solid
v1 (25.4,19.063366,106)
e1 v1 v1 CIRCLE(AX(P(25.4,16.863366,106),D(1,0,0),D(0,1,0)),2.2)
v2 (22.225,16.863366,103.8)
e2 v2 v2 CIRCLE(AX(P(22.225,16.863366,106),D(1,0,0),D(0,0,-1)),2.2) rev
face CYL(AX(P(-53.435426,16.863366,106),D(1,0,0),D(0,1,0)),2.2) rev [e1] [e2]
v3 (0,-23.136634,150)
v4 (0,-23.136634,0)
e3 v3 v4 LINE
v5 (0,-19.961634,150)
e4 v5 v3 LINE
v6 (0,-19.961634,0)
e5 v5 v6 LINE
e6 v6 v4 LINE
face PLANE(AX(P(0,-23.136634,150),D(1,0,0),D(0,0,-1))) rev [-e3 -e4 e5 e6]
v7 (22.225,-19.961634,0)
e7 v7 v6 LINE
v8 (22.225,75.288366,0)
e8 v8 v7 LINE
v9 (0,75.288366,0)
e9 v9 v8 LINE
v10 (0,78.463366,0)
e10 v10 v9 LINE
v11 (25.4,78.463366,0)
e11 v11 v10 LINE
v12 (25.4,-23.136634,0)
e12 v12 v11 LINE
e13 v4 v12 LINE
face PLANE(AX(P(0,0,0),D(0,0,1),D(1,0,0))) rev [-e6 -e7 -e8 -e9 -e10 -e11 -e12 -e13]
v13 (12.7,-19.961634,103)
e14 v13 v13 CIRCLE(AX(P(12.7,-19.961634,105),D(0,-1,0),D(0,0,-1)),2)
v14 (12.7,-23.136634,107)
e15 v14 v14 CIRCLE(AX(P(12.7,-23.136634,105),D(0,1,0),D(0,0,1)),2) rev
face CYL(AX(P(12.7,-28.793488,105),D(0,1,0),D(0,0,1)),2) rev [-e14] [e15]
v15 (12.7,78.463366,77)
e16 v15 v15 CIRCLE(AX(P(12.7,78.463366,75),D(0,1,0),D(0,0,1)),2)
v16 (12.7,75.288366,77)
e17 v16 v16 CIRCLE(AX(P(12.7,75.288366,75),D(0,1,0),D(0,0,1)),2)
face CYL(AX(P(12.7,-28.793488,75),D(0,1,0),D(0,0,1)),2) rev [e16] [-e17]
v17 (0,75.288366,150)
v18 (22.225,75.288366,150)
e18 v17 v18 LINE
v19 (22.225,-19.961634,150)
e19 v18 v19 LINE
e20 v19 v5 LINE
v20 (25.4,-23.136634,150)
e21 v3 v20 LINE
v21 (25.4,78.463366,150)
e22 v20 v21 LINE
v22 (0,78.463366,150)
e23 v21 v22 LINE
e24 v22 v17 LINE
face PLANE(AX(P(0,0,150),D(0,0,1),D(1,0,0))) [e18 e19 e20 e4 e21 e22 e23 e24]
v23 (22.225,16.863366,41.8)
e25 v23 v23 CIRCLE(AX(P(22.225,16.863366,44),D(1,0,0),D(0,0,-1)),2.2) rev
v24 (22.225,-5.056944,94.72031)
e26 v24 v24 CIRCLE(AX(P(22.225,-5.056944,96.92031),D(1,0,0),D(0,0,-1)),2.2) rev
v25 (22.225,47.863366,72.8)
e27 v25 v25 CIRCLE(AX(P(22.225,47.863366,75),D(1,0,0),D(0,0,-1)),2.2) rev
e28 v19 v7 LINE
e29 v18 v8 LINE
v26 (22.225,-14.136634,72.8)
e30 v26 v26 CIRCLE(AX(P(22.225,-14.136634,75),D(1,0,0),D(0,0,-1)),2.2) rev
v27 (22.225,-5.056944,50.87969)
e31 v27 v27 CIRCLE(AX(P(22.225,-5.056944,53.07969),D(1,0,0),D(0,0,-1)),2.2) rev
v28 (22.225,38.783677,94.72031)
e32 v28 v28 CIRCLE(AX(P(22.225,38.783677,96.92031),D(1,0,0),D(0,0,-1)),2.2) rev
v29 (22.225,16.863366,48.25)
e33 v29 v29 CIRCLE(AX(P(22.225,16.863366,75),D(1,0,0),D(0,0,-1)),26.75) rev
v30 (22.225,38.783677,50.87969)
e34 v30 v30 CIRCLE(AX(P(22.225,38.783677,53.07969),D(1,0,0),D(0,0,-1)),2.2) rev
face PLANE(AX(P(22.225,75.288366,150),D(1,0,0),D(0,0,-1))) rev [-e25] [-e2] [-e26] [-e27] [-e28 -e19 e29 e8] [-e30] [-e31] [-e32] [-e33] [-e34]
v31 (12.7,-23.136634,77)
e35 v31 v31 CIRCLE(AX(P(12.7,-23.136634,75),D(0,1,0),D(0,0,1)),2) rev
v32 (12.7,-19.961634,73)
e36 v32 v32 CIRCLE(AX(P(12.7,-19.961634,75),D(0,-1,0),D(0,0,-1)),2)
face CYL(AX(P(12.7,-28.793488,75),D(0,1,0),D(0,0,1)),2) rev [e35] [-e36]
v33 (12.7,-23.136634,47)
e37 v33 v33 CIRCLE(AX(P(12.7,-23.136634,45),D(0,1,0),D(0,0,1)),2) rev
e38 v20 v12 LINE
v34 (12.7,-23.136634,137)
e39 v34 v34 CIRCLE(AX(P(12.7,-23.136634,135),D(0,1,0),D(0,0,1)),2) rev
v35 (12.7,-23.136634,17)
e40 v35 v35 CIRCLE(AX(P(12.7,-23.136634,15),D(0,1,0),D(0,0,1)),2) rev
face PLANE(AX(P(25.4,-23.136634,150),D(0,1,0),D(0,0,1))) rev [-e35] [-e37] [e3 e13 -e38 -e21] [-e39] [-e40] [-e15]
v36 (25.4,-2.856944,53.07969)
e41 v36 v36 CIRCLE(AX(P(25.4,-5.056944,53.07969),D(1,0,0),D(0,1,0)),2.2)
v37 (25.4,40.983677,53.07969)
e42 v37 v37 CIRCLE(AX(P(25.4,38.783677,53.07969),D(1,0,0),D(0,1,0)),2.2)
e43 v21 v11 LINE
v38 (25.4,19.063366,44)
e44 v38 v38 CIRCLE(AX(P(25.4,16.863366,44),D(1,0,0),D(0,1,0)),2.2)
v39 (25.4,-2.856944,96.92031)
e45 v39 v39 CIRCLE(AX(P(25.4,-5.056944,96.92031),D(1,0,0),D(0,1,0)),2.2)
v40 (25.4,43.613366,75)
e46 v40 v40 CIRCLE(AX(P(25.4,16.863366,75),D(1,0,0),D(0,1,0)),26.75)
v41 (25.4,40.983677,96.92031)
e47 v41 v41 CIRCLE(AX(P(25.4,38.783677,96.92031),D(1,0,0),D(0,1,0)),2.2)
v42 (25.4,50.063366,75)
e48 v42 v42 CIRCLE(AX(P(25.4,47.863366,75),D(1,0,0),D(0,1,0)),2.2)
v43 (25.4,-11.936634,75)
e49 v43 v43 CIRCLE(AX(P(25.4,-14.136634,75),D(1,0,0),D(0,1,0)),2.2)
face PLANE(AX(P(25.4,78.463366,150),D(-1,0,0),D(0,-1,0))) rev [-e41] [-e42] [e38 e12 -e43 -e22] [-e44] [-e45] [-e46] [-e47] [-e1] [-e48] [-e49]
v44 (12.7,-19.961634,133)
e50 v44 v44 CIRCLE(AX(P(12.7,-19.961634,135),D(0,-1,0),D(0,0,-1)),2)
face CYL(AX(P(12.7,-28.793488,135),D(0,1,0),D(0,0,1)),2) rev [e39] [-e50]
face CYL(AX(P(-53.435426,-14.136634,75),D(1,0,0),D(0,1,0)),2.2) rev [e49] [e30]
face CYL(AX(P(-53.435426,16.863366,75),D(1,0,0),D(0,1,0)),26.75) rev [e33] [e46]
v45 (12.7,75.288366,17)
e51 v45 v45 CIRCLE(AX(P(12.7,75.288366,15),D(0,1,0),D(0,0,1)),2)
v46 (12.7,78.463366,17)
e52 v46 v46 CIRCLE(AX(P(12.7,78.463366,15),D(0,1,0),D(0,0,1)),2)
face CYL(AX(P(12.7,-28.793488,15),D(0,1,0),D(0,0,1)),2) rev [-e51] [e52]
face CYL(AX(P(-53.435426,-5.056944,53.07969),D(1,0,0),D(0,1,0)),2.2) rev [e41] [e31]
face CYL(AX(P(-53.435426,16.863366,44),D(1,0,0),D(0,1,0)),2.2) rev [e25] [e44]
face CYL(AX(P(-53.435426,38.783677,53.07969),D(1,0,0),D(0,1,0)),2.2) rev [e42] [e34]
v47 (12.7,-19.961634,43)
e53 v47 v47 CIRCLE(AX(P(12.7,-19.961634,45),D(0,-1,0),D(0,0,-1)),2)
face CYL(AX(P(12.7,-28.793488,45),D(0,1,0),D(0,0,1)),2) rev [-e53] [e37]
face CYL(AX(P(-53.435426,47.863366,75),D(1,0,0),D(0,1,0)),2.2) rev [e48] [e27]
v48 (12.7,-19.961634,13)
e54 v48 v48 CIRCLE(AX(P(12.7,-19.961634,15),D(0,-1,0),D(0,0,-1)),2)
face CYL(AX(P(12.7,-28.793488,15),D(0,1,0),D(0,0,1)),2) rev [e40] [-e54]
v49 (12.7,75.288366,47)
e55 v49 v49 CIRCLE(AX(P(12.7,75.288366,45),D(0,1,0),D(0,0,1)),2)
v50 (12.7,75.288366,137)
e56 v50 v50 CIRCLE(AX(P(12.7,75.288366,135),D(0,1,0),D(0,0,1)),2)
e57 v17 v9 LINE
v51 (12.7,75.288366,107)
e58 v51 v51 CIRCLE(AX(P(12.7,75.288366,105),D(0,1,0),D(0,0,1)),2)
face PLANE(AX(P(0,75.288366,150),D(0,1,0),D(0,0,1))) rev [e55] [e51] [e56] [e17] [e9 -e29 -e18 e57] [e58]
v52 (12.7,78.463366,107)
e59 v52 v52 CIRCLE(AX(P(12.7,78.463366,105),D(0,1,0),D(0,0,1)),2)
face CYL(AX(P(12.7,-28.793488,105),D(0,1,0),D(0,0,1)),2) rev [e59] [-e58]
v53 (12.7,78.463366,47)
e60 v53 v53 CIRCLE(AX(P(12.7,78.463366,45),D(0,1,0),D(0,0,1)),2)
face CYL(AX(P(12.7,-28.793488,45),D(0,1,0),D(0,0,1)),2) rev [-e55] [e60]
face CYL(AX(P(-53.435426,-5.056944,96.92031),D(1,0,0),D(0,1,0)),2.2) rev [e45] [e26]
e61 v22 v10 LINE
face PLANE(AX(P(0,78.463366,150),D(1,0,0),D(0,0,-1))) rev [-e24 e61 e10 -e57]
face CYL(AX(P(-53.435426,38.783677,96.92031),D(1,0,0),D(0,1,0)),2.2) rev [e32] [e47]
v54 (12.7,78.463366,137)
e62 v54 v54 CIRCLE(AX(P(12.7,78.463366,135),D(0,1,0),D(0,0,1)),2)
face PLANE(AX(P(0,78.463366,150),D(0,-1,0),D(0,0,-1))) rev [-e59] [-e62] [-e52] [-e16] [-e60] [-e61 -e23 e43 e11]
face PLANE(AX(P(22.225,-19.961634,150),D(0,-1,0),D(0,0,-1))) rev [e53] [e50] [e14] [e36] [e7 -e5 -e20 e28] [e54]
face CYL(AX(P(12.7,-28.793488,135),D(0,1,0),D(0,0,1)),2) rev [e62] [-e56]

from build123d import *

# Parameters (mm, degrees)
BOSS_EXTRUDE1_DEPTH = 150
SKETCH2_R           = 26.75
SKETCH2_R_2         = 2.2
CUT_EXTRUDE1_DEPTH  = 3.175
CUT_EXTRUDE2_REACH  = 184.942
SKETCH3_R           = 2


with BuildPart() as part:
    # Sketch1 → Boss-Extrude1 (new body)
    with BuildSketch(Plane.XY):
        Polygon((0, 78.463366337), (25.4, 78.463366337), (25.4, -23.136633663), (0, -23.136633663), (0, -19.961633663), (22.225, -19.961633663), (22.225, 75.288366337), (0, 75.288366337), align=None)
    extrude(amount=BOSS_EXTRUDE1_DEPTH)

    # Sketch2 → Cut-Extrude1 (cut)
    with BuildSketch(Plane(origin=(25.4, 0, 0), x_dir=(0, 0, -1), z_dir=(1, 0, 0))):
        with Locations(Location((-75, 16.863366337, 0), (0, 0, 90))):
            Circle(SKETCH2_R)
        with Locations(Location((-75, 47.863366337, 0), (0, 0, 90))):
            Circle(SKETCH2_R_2)
        with Locations(Location((-53.079689783, 38.783676553, 0), (0, 0, 90))):
            Circle(SKETCH2_R_2)
        with Locations(Location((-44, 16.863366337, 0), (0, 0, 90))):
            Circle(SKETCH2_R_2)
        with Locations(Location((-53.079689783, -5.05694388, 0), (0, 0, 90))):
            Circle(SKETCH2_R_2)
        with Locations(Location((-75, -14.136633663, 0), (0, 0, 90))):
            Circle(SKETCH2_R_2)
        with Locations(Location((-96.920310217, -5.05694388, 0), (0, 0, 90))):
            Circle(SKETCH2_R_2)
        with Locations(Location((-106, 16.863366337, 0), (0, 0, 90))):
            Circle(SKETCH2_R_2)
        with Locations(Location((-96.920310217, 38.783676553, 0), (0, 0, 90))):
            Circle(SKETCH2_R_2)
    extrude(amount=-CUT_EXTRUDE1_DEPTH, mode=Mode.SUBTRACT)

    # Cut-Extrude2: up to this face of the body (flat: up to its plane)
    cut_extrude2_end = Plane(part.part.faces().sort_by_distance((12.7, -23.136633663, 75))[0])
    # Sketch3 → Cut-Extrude2 (cut, up to the picked face)
    with BuildSketch(Plane(origin=(0, 78.463366337, 0), x_dir=(1, 0, 0), z_dir=(0, 1, 0)), mode=Mode.PRIVATE) as cut_extrude2_sk1:
        with Locations(Location((12.7, -75, 0), (0, 0, 270))):
            Circle(SKETCH3_R)
    cut_extrude2_tool1 = split(extrude(cut_extrude2_sk1.sketch, amount=-CUT_EXTRUDE2_REACH, mode=Mode.PRIVATE), bisect_by=cut_extrude2_end, keep=Keep.BOTH, mode=Mode.PRIVATE)
    # Sketch3 → Cut-Extrude2 (cut, up to the picked face)
    with BuildSketch(Plane(origin=(0, 78.463366337, 0), x_dir=(1, 0, 0), z_dir=(0, 1, 0)), mode=Mode.PRIVATE) as cut_extrude2_sk2:
        with Locations(Location((12.7, -105, 0), (0, 0, 270))):
            Circle(SKETCH3_R)
    cut_extrude2_tool2 = split(extrude(cut_extrude2_sk2.sketch, amount=-CUT_EXTRUDE2_REACH, mode=Mode.PRIVATE), bisect_by=cut_extrude2_end, keep=Keep.BOTH, mode=Mode.PRIVATE)
    # Sketch3 → Cut-Extrude2 (cut, up to the picked face)
    with BuildSketch(Plane(origin=(0, 78.463366337, 0), x_dir=(1, 0, 0), z_dir=(0, 1, 0)), mode=Mode.PRIVATE) as cut_extrude2_sk3:
        with Locations(Location((12.7, -135, 0), (0, 0, 270))):
            Circle(SKETCH3_R)
    cut_extrude2_tool3 = split(extrude(cut_extrude2_sk3.sketch, amount=-CUT_EXTRUDE2_REACH, mode=Mode.PRIVATE), bisect_by=cut_extrude2_end, keep=Keep.BOTH, mode=Mode.PRIVATE)
    # Sketch3 → Cut-Extrude2 (cut, up to the picked face)
    with BuildSketch(Plane(origin=(0, 78.463366337, 0), x_dir=(1, 0, 0), z_dir=(0, 1, 0)), mode=Mode.PRIVATE) as cut_extrude2_sk4:
        with Locations(Location((12.7, -45, 0), (0, 0, 270))):
            Circle(SKETCH3_R)
    cut_extrude2_tool4 = split(extrude(cut_extrude2_sk4.sketch, amount=-CUT_EXTRUDE2_REACH, mode=Mode.PRIVATE), bisect_by=cut_extrude2_end, keep=Keep.BOTH, mode=Mode.PRIVATE)
    # Sketch3 → Cut-Extrude2 (cut, up to the picked face)
    with BuildSketch(Plane(origin=(0, 78.463366337, 0), x_dir=(1, 0, 0), z_dir=(0, 1, 0)), mode=Mode.PRIVATE) as cut_extrude2_sk5:
        with Locations(Location((12.7, -15, 0), (0, 0, 270))):
            Circle(SKETCH3_R)
    cut_extrude2_tool5 = split(extrude(cut_extrude2_sk5.sketch, amount=-CUT_EXTRUDE2_REACH, mode=Mode.PRIVATE), bisect_by=cut_extrude2_end, keep=Keep.BOTH, mode=Mode.PRIVATE)
    add(cut_extrude2_tool1.solids().sort_by(Axis((12.7, 78.463366, 75), (0, -1, 0)))[0], mode=Mode.SUBTRACT)
    add(cut_extrude2_tool2.solids().sort_by(Axis((12.7, 78.463366, 105), (0, -1, 0)))[0], mode=Mode.SUBTRACT)
    add(cut_extrude2_tool3.solids().sort_by(Axis((12.7, 78.463366, 135), (0, -1, 0)))[0], mode=Mode.SUBTRACT)
    add(cut_extrude2_tool4.solids().sort_by(Axis((12.7, 78.463366, 45), (0, -1, 0)))[0], mode=Mode.SUBTRACT)
    add(cut_extrude2_tool5.solids().sort_by(Axis((12.7, 78.463366, 15), (0, -1, 0)))[0], mode=Mode.SUBTRACT)


solid = part.part
